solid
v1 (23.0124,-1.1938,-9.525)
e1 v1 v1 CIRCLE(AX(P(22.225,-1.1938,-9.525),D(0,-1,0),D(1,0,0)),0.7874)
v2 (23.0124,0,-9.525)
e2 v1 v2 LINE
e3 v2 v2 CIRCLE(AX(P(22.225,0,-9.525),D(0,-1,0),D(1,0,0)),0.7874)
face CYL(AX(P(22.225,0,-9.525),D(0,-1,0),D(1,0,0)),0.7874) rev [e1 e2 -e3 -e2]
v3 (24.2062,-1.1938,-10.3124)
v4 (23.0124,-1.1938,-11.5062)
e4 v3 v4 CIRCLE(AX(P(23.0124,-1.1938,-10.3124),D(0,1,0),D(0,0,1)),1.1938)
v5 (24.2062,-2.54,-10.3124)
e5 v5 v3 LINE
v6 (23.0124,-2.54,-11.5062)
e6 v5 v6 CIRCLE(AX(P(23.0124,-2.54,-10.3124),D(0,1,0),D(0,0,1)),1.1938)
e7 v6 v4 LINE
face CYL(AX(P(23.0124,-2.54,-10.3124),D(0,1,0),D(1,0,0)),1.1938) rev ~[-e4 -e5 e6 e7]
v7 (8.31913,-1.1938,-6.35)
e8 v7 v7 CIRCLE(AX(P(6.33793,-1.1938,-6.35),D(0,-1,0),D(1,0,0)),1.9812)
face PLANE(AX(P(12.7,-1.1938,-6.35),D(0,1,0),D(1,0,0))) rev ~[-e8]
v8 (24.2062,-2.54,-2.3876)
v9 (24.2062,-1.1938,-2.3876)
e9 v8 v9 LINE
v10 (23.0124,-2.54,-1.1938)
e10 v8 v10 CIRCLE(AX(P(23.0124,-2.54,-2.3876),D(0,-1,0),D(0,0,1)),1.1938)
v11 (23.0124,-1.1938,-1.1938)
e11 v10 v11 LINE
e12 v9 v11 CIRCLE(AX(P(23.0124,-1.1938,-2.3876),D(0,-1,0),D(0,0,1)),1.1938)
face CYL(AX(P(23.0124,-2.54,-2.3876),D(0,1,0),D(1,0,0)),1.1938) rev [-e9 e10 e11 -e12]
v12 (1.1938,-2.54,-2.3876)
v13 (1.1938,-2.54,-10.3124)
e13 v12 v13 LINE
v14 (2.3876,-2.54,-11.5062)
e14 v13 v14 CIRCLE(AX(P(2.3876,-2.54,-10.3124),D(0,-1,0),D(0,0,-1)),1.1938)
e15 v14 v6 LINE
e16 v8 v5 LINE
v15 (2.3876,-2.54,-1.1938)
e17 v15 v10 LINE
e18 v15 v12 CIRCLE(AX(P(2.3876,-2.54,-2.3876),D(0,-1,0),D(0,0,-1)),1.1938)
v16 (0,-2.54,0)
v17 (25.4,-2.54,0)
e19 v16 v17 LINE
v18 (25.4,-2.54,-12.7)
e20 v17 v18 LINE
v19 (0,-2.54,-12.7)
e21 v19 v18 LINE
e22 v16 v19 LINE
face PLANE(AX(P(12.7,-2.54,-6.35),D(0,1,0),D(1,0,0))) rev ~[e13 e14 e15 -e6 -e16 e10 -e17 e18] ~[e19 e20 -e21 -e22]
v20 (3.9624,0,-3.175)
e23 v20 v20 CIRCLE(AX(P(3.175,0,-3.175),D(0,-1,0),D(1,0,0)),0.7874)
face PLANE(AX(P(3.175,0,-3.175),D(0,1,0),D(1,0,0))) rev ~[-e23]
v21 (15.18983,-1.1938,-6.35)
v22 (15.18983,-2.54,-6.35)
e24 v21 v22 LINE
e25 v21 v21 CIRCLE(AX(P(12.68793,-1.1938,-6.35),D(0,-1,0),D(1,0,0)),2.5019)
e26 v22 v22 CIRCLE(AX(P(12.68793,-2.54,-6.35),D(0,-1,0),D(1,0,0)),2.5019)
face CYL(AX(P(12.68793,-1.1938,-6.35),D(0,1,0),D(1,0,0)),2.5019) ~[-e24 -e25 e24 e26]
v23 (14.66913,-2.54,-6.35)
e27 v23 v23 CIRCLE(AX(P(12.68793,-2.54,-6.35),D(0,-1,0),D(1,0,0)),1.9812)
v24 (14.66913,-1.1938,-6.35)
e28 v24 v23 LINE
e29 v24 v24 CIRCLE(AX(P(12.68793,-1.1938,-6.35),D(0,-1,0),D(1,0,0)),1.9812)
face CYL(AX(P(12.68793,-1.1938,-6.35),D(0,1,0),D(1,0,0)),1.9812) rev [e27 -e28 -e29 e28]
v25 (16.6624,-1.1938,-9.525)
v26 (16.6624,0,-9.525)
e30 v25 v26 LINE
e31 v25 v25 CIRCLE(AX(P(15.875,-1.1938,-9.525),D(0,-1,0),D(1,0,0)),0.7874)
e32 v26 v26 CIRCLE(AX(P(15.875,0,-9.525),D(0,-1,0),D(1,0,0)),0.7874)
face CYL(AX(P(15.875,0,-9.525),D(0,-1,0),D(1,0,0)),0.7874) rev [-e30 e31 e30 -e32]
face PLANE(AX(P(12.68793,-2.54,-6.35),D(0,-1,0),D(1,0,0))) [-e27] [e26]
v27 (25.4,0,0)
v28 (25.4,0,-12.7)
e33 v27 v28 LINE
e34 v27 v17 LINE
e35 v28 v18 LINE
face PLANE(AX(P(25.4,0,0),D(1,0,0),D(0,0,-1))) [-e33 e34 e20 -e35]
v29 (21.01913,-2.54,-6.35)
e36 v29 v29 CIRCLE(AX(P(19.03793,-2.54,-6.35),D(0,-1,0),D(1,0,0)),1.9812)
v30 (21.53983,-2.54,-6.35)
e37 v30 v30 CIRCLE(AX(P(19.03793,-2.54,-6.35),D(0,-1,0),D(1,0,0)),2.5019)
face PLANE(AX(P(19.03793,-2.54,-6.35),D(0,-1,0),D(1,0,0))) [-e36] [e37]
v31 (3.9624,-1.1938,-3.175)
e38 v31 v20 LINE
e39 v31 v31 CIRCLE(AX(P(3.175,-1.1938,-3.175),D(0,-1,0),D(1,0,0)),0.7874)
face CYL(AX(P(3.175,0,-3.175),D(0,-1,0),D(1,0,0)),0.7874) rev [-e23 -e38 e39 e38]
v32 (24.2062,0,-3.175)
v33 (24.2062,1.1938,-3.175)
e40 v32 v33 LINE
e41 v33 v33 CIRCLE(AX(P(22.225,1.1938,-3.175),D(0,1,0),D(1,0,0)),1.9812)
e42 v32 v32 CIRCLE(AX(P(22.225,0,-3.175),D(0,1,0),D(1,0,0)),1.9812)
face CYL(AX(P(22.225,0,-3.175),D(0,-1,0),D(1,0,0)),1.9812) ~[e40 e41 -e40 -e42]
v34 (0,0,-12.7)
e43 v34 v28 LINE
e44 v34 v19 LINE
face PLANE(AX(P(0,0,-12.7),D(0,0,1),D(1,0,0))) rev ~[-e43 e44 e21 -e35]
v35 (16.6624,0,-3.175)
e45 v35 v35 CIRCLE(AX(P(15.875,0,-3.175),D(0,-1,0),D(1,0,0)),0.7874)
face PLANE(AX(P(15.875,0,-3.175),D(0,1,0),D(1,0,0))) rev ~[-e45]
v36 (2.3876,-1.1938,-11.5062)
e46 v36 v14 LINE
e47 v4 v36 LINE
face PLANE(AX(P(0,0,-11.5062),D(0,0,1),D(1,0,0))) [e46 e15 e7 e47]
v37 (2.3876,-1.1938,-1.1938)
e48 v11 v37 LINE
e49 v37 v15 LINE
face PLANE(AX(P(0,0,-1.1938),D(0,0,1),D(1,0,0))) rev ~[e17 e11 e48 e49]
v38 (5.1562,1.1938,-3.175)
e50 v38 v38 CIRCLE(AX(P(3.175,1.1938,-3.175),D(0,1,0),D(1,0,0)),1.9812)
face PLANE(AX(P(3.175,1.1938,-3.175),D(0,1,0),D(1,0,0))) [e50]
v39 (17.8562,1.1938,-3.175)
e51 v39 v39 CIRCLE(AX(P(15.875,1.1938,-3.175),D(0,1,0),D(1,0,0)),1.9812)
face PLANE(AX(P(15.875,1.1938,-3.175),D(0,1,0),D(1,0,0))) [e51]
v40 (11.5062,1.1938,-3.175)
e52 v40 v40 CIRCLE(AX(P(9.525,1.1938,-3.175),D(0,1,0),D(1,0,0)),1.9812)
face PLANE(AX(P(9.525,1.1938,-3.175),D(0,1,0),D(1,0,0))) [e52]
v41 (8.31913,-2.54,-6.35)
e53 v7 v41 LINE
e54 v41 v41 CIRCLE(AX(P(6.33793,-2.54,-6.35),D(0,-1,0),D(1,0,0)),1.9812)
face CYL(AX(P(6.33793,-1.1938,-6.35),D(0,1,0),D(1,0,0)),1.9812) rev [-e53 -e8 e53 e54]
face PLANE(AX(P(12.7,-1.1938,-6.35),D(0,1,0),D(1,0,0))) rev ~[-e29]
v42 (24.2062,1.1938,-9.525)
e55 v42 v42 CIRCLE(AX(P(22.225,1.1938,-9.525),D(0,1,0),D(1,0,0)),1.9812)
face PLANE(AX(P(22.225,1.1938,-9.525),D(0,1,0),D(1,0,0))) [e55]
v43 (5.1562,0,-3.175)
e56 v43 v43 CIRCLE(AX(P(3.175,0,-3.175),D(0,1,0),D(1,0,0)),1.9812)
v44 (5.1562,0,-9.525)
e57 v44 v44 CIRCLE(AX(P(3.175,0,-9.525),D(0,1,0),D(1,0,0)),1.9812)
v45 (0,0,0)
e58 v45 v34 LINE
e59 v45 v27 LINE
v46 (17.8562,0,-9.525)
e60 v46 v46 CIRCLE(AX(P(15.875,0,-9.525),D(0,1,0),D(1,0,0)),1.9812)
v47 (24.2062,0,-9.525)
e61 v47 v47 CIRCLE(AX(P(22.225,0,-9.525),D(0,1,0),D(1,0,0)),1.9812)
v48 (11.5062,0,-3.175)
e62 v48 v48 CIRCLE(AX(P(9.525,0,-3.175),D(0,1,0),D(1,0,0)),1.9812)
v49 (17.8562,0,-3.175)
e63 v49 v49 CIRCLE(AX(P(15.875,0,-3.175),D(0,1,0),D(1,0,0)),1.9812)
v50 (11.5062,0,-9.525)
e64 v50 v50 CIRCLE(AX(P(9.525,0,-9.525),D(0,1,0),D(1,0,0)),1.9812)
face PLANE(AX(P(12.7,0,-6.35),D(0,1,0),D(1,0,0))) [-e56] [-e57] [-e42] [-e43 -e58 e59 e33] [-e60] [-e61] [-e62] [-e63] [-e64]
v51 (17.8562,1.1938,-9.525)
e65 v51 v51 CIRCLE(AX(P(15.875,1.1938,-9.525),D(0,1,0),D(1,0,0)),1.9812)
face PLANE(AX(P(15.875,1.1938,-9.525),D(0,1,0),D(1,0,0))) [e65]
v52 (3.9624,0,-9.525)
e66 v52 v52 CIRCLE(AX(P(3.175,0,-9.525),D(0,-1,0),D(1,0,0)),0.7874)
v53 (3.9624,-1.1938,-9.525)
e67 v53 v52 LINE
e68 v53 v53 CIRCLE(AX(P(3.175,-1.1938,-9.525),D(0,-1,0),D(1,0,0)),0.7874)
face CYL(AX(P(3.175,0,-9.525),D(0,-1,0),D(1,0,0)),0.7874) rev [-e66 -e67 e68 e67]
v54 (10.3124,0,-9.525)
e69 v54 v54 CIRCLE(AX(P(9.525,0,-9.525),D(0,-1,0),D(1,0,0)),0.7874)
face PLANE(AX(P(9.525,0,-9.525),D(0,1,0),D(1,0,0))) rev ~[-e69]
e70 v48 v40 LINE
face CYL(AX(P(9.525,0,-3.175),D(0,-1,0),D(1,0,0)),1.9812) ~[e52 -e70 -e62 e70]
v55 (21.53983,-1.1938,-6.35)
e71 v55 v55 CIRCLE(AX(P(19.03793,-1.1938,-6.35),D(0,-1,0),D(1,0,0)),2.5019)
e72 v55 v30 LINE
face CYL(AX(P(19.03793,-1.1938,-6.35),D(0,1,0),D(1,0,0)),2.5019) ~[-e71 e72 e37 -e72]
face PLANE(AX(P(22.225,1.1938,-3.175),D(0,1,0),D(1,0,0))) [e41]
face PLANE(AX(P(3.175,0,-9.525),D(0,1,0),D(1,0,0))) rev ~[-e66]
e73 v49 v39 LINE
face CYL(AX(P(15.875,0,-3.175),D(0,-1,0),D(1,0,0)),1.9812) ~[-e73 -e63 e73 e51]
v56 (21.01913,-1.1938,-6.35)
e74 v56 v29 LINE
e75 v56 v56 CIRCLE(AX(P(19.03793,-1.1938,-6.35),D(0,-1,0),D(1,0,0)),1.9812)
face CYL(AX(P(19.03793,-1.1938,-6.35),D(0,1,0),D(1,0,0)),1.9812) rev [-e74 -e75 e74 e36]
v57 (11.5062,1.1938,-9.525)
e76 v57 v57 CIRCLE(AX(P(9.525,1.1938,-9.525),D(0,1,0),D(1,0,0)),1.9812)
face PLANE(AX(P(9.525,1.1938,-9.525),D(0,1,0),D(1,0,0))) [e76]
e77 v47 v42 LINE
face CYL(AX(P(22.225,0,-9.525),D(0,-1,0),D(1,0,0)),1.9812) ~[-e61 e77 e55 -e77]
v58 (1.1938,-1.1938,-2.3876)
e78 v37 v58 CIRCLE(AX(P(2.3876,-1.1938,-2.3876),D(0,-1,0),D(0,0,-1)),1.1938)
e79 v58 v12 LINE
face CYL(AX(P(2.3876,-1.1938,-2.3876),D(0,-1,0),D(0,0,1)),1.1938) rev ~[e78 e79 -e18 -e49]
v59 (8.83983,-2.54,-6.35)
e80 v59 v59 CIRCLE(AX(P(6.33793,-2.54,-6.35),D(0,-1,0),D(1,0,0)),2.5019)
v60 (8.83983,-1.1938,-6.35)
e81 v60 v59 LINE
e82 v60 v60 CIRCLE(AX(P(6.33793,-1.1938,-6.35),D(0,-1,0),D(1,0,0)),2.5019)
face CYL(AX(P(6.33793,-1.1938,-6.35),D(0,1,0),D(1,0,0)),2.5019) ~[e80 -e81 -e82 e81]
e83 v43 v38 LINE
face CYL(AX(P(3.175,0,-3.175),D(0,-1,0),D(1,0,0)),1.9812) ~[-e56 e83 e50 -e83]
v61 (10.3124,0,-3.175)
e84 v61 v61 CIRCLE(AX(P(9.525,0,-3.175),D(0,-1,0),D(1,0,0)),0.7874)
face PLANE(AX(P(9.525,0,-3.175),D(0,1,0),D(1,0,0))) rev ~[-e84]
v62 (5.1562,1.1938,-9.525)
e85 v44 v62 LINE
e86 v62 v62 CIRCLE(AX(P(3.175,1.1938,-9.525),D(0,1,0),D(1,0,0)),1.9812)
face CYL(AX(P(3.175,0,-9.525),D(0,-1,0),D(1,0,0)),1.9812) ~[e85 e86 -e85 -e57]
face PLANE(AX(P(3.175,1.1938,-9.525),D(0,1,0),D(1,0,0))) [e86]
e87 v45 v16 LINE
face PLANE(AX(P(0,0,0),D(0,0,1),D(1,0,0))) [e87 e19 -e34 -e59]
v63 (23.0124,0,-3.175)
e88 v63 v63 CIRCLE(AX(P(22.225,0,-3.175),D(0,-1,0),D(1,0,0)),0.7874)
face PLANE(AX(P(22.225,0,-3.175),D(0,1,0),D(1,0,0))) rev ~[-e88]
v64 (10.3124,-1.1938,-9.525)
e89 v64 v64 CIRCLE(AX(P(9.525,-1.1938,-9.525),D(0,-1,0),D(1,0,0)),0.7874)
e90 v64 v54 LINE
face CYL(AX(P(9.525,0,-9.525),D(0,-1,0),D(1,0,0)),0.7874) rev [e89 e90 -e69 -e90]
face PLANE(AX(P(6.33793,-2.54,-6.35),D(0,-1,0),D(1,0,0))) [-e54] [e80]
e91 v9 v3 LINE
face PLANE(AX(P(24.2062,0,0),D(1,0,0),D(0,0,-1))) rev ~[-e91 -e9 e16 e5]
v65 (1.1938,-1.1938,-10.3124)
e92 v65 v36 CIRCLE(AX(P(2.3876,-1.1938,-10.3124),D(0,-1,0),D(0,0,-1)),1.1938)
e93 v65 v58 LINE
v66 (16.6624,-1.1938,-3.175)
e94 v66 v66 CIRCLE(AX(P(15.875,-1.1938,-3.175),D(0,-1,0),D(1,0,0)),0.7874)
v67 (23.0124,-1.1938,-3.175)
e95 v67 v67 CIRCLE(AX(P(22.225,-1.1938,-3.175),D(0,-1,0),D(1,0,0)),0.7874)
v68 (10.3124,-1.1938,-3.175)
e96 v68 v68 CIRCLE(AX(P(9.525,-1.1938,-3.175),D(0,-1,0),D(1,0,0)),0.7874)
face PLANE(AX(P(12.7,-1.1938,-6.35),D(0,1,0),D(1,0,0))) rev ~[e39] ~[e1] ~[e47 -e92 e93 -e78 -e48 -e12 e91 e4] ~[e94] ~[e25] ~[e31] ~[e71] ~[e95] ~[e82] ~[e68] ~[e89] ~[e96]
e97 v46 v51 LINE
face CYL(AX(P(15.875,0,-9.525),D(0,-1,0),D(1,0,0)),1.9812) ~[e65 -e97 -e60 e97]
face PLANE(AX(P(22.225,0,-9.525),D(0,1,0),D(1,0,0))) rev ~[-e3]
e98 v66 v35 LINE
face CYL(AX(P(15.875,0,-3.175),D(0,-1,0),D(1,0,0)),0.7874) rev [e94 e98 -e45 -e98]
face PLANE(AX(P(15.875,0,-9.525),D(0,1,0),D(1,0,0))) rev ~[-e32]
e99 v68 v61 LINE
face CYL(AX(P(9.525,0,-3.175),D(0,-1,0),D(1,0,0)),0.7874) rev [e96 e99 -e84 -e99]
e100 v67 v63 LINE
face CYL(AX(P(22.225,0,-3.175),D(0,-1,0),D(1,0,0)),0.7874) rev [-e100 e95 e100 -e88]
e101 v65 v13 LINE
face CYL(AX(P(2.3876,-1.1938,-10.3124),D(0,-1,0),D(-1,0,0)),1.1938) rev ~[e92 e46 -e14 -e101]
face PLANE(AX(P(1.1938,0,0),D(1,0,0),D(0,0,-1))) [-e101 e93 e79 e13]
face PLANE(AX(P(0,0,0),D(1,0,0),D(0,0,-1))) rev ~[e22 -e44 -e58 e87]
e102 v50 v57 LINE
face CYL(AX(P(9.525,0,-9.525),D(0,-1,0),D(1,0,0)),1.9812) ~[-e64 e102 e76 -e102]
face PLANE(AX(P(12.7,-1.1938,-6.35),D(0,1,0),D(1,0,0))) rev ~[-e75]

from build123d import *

# Parameters (mm, degrees)
SKETCH1_W            = 25.4
SKETCH1_H            = 12.7
BOSS_EXTRUDE1_DEPTH  = 2.54
SKETCH1_3_R          = 1.9812
BOSS_EXTRUDE2_DEPTH  = 1.1938
LPATTERN1_COUNT      = 4
LPATTERN1_PITCH      = 6.35
LPATTERN1_COUNT_DIR2 = 2
LPATTERN1_PITCH_DIR2 = 6.35
SHELL1_T             = -1.1938
SKETCH2_R            = 2.5019
SKETCH2_R_2          = 1.9812
BOSS_EXTRUDE3_DEPTH  = 1.3462
LPATTERN2_COUNT      = 3
LPATTERN2_PITCH      = 6.35
FILLET1_R            = 1.1938


with BuildPart() as part:
    # Sketch1 → Boss-Extrude1 (new body)
    with BuildSketch(Plane(origin=(0, 0, 0), x_dir=(1, 0, 0), z_dir=(0, 1, 0))):
        with Locations((12.7, 6.35)):
            Rectangle(SKETCH1_W, SKETCH1_H)
    extrude(amount=-BOSS_EXTRUDE1_DEPTH)

    # Sketch1<3> → Boss-Extrude2 (add)
    with BuildSketch(Plane(origin=(0, 0, 0), x_dir=(1, 0, 0), z_dir=(0, 1, 0))):
        with Locations((3.175, 9.525)):
            Circle(SKETCH1_3_R)
    boss_extrude2 = extrude(amount=BOSS_EXTRUDE2_DEPTH)

    # LPattern1: Boss-Extrude2 4 × 2
    with Locations(*[(i * LPATTERN1_PITCH, 0, j * LPATTERN1_PITCH_DIR2) for i in range(LPATTERN1_COUNT) for j in range(LPATTERN1_COUNT_DIR2) if (i, j) != (0, 0)]):
        add(boss_extrude2)

    # Shell1
    shell1_openings = [part.faces().sort_by_distance(p)[0] for p in [
        (12.7, -2.54, -6.35),
    ]]
    offset(amount=SHELL1_T, openings=shell1_openings, kind=Kind.INTERSECTION)

    # Sketch2 → Boss-Extrude3 (add)
    with BuildSketch(Plane.XZ.offset(1.1938)):
        with Locations((6.337930238, -6.35)):
            Circle(SKETCH2_R)
        with Locations((6.337930238, -6.35)):
            Circle(SKETCH2_R_2, mode=Mode.SUBTRACT)
    boss_extrude3 = extrude(amount=BOSS_EXTRUDE3_DEPTH)

    # LPattern2: Boss-Extrude3 ×3
    with Locations(*[(i * LPATTERN2_PITCH, 0, 0) for i in range(1, LPATTERN2_COUNT)]):
        add(boss_extrude3)

    # Fillet1
    fillet1_edges = [part.edges().sort_by_distance(p)[0] for p in [
        (1.1938, -1.8669, -1.1938),
        (1.1938, -1.8669, -11.5062),
        (24.2062, -1.8669, -11.5062),
        (24.2062, -1.8669, -1.1938),
    ]]
    fillet(fillet1_edges, radius=FILLET1_R)


solid = part.part
